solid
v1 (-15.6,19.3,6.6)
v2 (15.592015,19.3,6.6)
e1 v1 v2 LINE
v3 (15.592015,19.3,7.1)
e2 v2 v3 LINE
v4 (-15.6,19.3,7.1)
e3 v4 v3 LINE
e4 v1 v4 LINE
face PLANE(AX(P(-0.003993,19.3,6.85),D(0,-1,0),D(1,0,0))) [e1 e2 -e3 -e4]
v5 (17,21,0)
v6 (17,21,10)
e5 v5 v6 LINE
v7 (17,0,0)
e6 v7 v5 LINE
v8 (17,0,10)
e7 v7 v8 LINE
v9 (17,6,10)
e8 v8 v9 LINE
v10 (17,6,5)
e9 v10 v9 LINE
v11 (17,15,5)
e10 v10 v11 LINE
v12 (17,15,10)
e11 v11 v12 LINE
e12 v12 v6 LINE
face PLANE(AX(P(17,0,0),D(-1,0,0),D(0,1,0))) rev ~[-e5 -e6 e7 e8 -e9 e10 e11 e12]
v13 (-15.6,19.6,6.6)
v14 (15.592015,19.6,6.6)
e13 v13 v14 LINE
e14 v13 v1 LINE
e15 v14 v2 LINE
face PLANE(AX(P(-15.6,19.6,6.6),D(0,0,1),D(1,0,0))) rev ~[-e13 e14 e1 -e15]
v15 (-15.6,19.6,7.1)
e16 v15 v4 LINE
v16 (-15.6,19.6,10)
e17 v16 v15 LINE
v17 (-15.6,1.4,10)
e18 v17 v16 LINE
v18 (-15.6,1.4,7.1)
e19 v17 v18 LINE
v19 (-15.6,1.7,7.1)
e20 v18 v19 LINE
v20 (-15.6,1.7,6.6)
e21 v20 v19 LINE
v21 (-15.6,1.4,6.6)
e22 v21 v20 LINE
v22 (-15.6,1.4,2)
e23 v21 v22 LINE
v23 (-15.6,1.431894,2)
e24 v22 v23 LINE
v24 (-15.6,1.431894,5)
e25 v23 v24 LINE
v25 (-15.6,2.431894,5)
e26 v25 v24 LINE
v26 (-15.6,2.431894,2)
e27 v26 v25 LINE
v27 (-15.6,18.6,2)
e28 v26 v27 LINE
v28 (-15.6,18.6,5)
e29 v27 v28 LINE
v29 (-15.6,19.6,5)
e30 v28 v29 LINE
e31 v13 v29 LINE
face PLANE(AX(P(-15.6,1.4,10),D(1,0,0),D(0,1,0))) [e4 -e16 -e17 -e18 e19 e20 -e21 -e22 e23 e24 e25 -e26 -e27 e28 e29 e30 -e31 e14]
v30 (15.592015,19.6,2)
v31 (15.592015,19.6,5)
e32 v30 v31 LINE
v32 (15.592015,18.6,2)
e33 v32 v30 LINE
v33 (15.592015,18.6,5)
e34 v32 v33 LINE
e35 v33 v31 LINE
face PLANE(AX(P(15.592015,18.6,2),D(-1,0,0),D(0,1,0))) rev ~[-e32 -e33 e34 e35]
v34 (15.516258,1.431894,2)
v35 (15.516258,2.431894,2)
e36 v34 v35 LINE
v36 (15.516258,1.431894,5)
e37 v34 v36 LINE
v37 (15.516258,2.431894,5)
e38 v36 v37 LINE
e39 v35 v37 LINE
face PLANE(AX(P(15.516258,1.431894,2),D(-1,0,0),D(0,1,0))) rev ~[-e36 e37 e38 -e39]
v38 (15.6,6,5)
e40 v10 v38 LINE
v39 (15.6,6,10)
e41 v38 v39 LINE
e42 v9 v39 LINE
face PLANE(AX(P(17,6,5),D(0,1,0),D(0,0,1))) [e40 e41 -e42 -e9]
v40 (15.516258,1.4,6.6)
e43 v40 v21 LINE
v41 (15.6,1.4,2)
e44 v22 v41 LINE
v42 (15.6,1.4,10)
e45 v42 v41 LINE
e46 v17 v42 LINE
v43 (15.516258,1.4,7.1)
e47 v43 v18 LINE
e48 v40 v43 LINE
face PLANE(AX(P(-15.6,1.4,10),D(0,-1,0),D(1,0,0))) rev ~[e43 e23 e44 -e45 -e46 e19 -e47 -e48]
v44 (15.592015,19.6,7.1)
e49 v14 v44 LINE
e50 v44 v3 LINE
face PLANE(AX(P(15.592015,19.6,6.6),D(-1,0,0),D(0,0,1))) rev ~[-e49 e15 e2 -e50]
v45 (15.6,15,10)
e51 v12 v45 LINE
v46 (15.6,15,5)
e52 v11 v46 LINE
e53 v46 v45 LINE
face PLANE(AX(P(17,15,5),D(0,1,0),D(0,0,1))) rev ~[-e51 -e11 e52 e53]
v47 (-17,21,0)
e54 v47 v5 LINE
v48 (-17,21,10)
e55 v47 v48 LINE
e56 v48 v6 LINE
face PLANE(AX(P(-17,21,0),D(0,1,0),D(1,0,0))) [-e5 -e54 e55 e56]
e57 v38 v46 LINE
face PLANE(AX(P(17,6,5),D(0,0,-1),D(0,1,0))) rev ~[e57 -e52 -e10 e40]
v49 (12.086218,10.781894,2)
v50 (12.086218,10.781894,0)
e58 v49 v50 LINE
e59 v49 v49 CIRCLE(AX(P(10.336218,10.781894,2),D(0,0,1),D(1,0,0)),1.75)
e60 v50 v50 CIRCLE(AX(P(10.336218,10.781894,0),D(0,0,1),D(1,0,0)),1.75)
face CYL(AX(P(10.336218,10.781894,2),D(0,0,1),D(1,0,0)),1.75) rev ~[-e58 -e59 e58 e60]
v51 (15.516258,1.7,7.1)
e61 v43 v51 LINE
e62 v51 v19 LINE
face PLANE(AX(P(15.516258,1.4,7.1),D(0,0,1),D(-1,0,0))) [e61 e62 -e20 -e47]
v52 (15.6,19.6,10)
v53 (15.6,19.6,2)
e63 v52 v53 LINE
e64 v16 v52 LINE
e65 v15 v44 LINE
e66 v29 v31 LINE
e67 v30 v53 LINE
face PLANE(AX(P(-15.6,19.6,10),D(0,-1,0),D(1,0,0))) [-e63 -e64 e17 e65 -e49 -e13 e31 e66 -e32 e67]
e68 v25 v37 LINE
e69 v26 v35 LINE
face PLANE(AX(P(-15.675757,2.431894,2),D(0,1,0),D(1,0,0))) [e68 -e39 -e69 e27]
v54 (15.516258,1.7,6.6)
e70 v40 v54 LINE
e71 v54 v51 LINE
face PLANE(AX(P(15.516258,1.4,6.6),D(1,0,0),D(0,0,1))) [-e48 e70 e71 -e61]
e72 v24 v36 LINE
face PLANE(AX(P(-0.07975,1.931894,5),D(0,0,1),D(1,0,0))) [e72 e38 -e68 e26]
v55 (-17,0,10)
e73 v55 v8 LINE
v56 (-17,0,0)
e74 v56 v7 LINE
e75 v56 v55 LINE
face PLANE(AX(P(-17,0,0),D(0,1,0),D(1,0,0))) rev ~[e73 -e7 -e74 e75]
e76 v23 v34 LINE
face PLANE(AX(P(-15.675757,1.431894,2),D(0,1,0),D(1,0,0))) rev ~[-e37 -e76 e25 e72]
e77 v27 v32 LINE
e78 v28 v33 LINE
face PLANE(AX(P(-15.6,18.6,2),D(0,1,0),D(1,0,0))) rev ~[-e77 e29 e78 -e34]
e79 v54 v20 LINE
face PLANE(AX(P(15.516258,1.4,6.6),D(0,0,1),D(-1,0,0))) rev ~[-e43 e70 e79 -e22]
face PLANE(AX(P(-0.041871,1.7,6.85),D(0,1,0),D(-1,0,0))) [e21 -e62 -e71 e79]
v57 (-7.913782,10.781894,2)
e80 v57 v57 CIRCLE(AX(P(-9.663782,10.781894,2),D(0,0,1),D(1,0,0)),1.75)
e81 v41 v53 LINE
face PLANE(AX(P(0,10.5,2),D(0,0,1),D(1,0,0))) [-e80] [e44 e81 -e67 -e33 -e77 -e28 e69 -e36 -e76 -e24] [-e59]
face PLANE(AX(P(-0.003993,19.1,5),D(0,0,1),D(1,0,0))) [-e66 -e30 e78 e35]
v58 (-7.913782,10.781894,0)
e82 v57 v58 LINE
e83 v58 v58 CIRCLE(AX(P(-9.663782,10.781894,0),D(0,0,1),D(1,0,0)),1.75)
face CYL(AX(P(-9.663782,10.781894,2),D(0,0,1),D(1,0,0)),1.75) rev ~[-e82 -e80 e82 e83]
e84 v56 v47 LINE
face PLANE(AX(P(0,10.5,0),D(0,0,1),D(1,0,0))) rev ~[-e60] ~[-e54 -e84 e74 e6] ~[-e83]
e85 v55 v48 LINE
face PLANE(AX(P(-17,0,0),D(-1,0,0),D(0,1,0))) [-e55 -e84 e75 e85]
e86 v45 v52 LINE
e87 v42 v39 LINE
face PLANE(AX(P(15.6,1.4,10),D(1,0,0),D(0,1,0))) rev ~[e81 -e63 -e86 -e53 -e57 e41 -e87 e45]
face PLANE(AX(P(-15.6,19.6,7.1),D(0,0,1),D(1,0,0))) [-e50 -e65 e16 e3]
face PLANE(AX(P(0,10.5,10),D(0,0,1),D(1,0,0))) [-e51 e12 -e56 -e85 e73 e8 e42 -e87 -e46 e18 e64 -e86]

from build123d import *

# Parameters (mm, degrees)
SKETCH_W        = 34
SKETCH_H        = 21
PAD_DEPTH       = 10
SKETCH001_W     = 31.2
SKETCH001_H     = 18.2
POCKET_DEPTH    = 8
SKETCH002_W     = 31.192015
SKETCH002_H     = 1
PAD001_DEPTH    = 3
SKETCH003_W     = 31.192015
SKETCH003_H     = 1
PAD002_DEPTH    = 3
SKETCH004_W     = 9
SKETCH004_H     = 5
POCKET001_DEPTH = 5
SKETCH005_W     = 31.192015
SKETCH005_H     = 0.5
PAD003_DEPTH    = 0.3
SKETCH006_W     = 31.116258
SKETCH006_H     = 0.5
PAD004_DEPTH    = 0.3
SKETCH007_R     = 1.75
POCKET002_DEPTH = 5


with BuildPart() as part:
    # Sketch → Pad (new body)
    with BuildSketch(Plane.XY):
        with Locations((0, 10.5)):
            Rectangle(SKETCH_W, SKETCH_H)
    extrude(amount=PAD_DEPTH)

    # Sketch001 (on Face6 of Pad) → Pocket (cut)
    with BuildSketch(Plane.XY.offset(10)):
        with Locations((0, 10.5)):
            Rectangle(SKETCH001_W, SKETCH001_H)
    extrude(amount=-POCKET_DEPTH, mode=Mode.SUBTRACT)

    # Sketch002 (on Face11 of Pocket) → Pad001 (join)
    with BuildSketch(Plane.XY.offset(2)):
        with Locations((-0.0039925, 19.1)):
            Rectangle(SKETCH002_W, SKETCH002_H)
    extrude(amount=PAD001_DEPTH)

    # Sketch003 (on Face13 of Pad001) → Pad002 (join)
    with BuildSketch(Plane.XY.offset(2)):
        with Locations((-0.0797495, 1.931894)):
            Rectangle(SKETCH003_W, SKETCH003_H)
    extrude(amount=PAD002_DEPTH)

    # Sketch004 (on Face3 of Pad002) → Pocket001 (cut)
    with BuildSketch(Plane.YZ.offset(17)):
        with Locations((10.5, 7.5)):
            Rectangle(SKETCH004_W, SKETCH004_H)
    extrude(amount=-POCKET001_DEPTH, mode=Mode.SUBTRACT)

    # Sketch005 (on Face11 of Pocket001) → Pad003 (join)
    with BuildSketch(Plane.XZ.offset(-19.6)):
        with Locations((-0.0039925, 6.85)):
            Rectangle(SKETCH005_W, SKETCH005_H)
    extrude(amount=PAD003_DEPTH)

    # Sketch006 (on Face13 of Pad003) → Pad004 (join)
    with BuildSketch(Plane(origin=(0, 1.4, 0), x_dir=(-1, 0, 0), z_dir=(0, 1, 0))):
        with Locations((0.041871, 6.85)):
            Rectangle(SKETCH006_W, SKETCH006_H)
    extrude(amount=PAD004_DEPTH)

    # Sketch007 (on Face14 of Pad004) → Pocket002 (cut)
    with BuildSketch(Plane.XY.offset(2)):
        with Locations((-9.6637815806, 10.781894)):
            Circle(SKETCH007_R)
        with Locations((10.3362184194, 10.781894)):
            Circle(SKETCH007_R)
    extrude(amount=-POCKET002_DEPTH, mode=Mode.SUBTRACT)


solid = part.part
